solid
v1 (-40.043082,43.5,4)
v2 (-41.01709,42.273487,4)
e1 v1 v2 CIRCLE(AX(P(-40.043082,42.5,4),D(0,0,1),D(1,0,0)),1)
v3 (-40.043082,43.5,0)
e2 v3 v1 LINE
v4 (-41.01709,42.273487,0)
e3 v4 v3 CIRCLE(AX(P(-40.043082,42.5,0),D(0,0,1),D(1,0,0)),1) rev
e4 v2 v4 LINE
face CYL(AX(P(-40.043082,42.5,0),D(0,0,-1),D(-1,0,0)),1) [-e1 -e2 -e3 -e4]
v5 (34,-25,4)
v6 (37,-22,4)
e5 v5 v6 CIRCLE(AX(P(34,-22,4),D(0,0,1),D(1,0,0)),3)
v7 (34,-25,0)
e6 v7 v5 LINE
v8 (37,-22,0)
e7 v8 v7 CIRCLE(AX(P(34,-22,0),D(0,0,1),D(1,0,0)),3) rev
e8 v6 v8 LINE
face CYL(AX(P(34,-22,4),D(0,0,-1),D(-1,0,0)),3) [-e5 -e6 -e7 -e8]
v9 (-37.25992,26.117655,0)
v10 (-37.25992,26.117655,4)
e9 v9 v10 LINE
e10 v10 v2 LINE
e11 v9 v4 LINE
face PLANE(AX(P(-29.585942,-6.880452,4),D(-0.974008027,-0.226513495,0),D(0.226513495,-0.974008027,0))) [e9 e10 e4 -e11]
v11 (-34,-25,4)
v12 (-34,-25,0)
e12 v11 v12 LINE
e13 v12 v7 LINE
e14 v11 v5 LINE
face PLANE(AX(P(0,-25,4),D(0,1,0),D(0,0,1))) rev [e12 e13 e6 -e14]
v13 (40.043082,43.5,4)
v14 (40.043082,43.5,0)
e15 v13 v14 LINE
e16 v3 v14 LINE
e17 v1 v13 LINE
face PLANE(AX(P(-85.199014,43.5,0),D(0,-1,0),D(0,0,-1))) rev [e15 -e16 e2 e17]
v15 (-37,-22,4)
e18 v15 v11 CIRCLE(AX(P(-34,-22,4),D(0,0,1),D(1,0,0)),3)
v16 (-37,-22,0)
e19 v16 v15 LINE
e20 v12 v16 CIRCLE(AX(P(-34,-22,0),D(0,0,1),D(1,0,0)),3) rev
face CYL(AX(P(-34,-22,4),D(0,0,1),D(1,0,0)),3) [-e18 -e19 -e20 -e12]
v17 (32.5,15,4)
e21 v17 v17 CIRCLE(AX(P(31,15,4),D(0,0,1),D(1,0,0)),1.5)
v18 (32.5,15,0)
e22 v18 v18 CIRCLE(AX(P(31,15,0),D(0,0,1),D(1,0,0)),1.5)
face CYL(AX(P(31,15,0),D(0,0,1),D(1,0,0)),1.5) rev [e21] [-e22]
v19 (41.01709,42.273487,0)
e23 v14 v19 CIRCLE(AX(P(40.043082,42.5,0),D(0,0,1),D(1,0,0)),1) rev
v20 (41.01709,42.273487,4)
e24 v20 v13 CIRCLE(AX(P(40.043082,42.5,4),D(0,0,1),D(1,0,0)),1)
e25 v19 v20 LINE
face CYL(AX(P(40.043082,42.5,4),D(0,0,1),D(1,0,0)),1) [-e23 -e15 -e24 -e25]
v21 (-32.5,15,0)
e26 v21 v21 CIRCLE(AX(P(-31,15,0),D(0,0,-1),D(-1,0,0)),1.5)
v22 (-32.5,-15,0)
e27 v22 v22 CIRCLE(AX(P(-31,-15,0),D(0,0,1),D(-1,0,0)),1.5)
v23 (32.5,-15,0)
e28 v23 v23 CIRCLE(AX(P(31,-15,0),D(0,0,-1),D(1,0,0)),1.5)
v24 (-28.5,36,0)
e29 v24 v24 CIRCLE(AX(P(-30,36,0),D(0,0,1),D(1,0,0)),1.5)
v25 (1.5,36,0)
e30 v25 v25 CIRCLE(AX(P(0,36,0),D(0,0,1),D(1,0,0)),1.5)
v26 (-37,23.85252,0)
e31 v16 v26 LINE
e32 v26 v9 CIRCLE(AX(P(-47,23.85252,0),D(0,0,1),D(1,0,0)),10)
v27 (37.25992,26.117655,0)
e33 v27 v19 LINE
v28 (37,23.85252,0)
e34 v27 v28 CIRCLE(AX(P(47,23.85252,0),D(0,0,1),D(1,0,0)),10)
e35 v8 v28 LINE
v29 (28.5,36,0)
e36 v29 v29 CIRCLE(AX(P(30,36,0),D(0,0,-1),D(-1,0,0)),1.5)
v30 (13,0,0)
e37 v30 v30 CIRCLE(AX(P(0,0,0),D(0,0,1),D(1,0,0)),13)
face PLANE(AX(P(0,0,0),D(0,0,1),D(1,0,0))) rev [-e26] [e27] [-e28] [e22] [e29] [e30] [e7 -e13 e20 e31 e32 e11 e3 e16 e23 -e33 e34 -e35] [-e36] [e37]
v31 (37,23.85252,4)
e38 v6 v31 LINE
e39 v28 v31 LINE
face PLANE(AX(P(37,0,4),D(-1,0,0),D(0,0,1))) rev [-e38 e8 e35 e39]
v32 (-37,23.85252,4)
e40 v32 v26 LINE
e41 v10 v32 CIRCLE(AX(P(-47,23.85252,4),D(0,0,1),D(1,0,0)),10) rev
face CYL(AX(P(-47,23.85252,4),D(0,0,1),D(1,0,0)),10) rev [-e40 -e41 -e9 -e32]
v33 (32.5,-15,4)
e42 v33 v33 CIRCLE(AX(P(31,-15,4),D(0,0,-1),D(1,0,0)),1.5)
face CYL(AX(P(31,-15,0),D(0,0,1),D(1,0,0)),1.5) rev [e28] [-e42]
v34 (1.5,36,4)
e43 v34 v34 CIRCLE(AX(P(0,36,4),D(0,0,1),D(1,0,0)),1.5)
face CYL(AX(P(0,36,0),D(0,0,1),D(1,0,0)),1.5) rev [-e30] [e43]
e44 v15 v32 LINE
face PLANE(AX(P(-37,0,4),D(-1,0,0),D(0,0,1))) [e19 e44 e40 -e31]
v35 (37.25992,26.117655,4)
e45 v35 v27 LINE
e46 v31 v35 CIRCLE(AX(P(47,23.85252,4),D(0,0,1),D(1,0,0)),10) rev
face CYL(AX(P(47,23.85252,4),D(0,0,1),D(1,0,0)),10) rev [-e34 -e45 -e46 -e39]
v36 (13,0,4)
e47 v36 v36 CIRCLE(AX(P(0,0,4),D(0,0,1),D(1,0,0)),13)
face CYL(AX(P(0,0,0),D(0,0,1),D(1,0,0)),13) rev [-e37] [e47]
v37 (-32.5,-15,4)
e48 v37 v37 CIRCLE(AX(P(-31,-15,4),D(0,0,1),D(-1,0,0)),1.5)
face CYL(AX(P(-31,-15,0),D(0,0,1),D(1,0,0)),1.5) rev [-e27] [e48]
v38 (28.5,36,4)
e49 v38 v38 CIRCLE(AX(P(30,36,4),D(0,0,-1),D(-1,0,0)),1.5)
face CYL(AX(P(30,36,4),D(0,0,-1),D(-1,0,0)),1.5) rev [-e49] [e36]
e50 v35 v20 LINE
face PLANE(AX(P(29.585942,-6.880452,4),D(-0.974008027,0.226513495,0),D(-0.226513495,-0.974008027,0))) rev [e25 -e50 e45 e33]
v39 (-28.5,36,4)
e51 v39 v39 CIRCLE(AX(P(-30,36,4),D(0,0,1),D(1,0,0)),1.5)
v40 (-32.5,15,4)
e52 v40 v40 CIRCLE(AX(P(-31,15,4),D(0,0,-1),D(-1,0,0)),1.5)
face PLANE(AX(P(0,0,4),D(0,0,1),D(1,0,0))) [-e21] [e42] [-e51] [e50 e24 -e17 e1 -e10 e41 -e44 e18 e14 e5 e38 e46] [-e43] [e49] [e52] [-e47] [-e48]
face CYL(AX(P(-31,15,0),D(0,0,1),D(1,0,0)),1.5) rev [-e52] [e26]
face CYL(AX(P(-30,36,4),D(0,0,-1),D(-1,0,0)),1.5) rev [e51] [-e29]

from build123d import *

# Parameters (mm, degrees)
SKETCH_1_W            = 74
SKETCH_1_H            = 50
EXTRUDE_1_DEPTH       = 4
CUT_EXTRUDE_1_DEPTH   = 63.787339488
MIRROR_2_COPY_1_DEPTH = 63.787339488
SKETCH_3_R            = 13
CUT_EXTRUDE_2_DEPTH   = 63.787339488
FILLET_1_R            = 10
SKETCH_4_W            = 84
SKETCH_4_H            = 62
EXTRUDE_2_DEPTH       = 4
SKETCH_6_W            = 18
SKETCH_6_H            = 44
EXTRUDE_3_DEPTH       = 4
SKETCH_7_W            = 64
SKETCH_7_H            = 22
CUT_EXTRUDE_4_DEPTH   = 125.049385327
SKETCH_8_R            = 1.5
CUT_EXTRUDE_5_DEPTH   = 125.049385327
SKETCH_9_R            = 1.5
CUT_EXTRUDE_6_DEPTH   = 125.049385327
SKETCH_10_R           = 1.5
CUT_EXTRUDE_7_DEPTH   = 125.049385327
FILLET_2_R            = 3
SKETCH_11_W           = 20
SKETCH_11_H           = 18
CUT_EXTRUDE_8_DEPTH   = 125.049385327
FILLET_3_R            = 3
SKETCH_12_W           = 122.856865441
SKETCH_12_H           = 61.545901124
CUT_EXTRUDE_9_DEPTH   = 125.049385327
FILLET_4_R            = 3
FILLET_5_R            = 3
SKETCH_13_R           = 1.5
CUT_EXTRUDE_10_DEPTH  = 92.149602303
SKETCH_14_W           = 150.805924756
SKETCH_14_H           = 61.126695491
CUT_EXTRUDE_11_DEPTH  = 92.149602303
FILLET_6_R            = 1


with BuildPart() as part:
    # 草图1 → 凸台-拉伸1 (new body)
    with BuildSketch(Plane.XY):
        Polygon((37, 25), (42, 46.5), (-42, 46.5), (-37, 25), align=None)
        Rectangle(SKETCH_1_W, SKETCH_1_H)
    extrude(amount=EXTRUDE_1_DEPTH)

    # 草图2 → 切除-拉伸1 (cut, through all)
    with BuildSketch(Plane.XY.offset(4)):
        with BuildLine():
            ThreePointArc((29.5, 15), (29.939339828, 13.939339828), (31, 13.5))
            Line((31, 13.5), (31, 15))
            Line((31, 15), (29.5, 15))
        make_face()
        with BuildLine():
            Line((31, 15), (31, 13.5))
            ThreePointArc((31, 13.5), (32.060660172, 13.939339828), (32.5, 15))
            ThreePointArc((32.5, 15), (31, 16.5), (29.5, 15))
            Line((29.5, 15), (31, 15))
        make_face()
    cut_extrude_1 = extrude(amount=-CUT_EXTRUDE_1_DEPTH, mode=Mode.SUBTRACT)

    # 镜向1: 切除-拉伸1 across plane
    add(cut_extrude_1.mirror(Plane.ZX), mode=Mode.SUBTRACT)

    # 镜向2: 切除-拉伸1 across plane
    add(cut_extrude_1.mirror(Plane(origin=(0, 0, 0), x_dir=(0, 0, 1), z_dir=(1, 0, 0))), mode=Mode.SUBTRACT)

    # 镜向2 copy 1 sketch → 镜向2 copy 1 (cut, through all)
    with BuildSketch(Plane(origin=(0, 0, 4), x_dir=(-1, 0, 0), z_dir=(0, 0, 1))):
        with BuildLine():
            ThreePointArc((29.5, 15), (29.939339828, 13.939339828), (31, 13.5))
            Line((31, 13.5), (31, 15))
            Line((31, 15), (29.5, 15))
        make_face()
        with BuildLine():
            Line((31, 15), (31, 13.5))
            ThreePointArc((31, 13.5), (32.060660172, 13.939339828), (32.5, 15))
            ThreePointArc((32.5, 15), (31, 16.5), (29.5, 15))
            Line((29.5, 15), (31, 15))
        make_face()
    extrude(amount=-MIRROR_2_COPY_1_DEPTH, mode=Mode.SUBTRACT)

    # 草图3 → 切除-拉伸2 (cut, through all)
    with BuildSketch(Plane.XY.offset(4)):
        Circle(SKETCH_3_R)
    extrude(amount=-CUT_EXTRUDE_2_DEPTH, mode=Mode.SUBTRACT)

    # 圆角1
    fillet_1_edges = [part.edges().sort_by_distance(p)[0] for p in [
        (37, 25, 2),
        (-37, 25, 2),
    ]]
    fillet(fillet_1_edges, radius=FILLET_1_R)

    # 草图4 → 凸台-拉伸2 (add)
    with BuildSketch(Plane.XY.offset(4)):
        with Locations((0, 77.5)):
            Rectangle(SKETCH_4_W, SKETCH_4_H)
    extrude(amount=-EXTRUDE_2_DEPTH)

    # 草图6 → 凸台-拉伸3 (add)
    with BuildSketch(Plane.XY.offset(4)):
        with Locations((-51, 68.5)):
            Rectangle(SKETCH_6_W, SKETCH_6_H)
    extrude_3 = extrude(amount=-EXTRUDE_3_DEPTH)

    # 镜向4: 凸台-拉伸3 across plane
    add(extrude_3.mirror(Plane(origin=(0, 0, 0), x_dir=(0, 0, 1), z_dir=(1, 0, 0))))

    # 草图7 → 切除-拉伸4 (cut, through all)
    with BuildSketch(Plane.XY.offset(4)):
        with Locations((0, 69.5)):
            Rectangle(SKETCH_7_W, SKETCH_7_H)
    extrude(amount=-CUT_EXTRUDE_4_DEPTH, mode=Mode.SUBTRACT)

    # 草图8 → 切除-拉伸5 (cut, through all)
    with BuildSketch(Plane.XY.offset(4)):
        with Locations((0, 101)):
            Circle(SKETCH_8_R)
        with Locations((-24, 101)):
            Circle(SKETCH_8_R)
    cut_extrude_5 = extrude(amount=-CUT_EXTRUDE_5_DEPTH, mode=Mode.SUBTRACT)

    # 镜向5: 切除-拉伸5 across plane
    add(cut_extrude_5.mirror(Plane(origin=(0, 0, 0), x_dir=(0, 0, 1), z_dir=(1, 0, 0))), mode=Mode.SUBTRACT)

    # 草图9 → 切除-拉伸6 (cut, through all)
    with BuildSketch(Plane(origin=(0, 0, 0), x_dir=(-1, 0, 0), z_dir=(0, 0, -1))):
        with Locations((-52.5, 83.5)):
            Circle(SKETCH_9_R)
        with Locations((-52.5, 61)):
            Circle(SKETCH_9_R)
    cut_extrude_6 = extrude(amount=-CUT_EXTRUDE_6_DEPTH, mode=Mode.SUBTRACT)

    # 镜向6: 切除-拉伸6 across plane
    add(cut_extrude_6.mirror(Plane(origin=(0, 0, 0), x_dir=(0, 0, 1), z_dir=(1, 0, 0))), mode=Mode.SUBTRACT)

    # 草图10 → 切除-拉伸7 (cut, through all)
    with BuildSketch(Plane(origin=(0, 0, 0), x_dir=(-1, 0, 0), z_dir=(0, 0, -1))):
        with Locations((-30, 36)):
            Circle(SKETCH_10_R)
    cut_extrude_7 = extrude(amount=-CUT_EXTRUDE_7_DEPTH, mode=Mode.SUBTRACT)

    # 镜向7: 切除-拉伸7 across plane
    add(cut_extrude_7.mirror(Plane(origin=(0, 0, 0), x_dir=(0, 0, 1), z_dir=(1, 0, 0))), mode=Mode.SUBTRACT)

    # 圆角2
    fillet_2_edges = [part.edges().sort_by_distance(p)[0] for p in [
        (32, 80.5, 2),
        (32, 58.5, 2),
        (-32, 58.5, 2),
        (-32, 80.5, 2),
        (-42, 46.5, 2),
        (42, 46.5, 2),
        (-42, 90.5, 2),
        (42, 90.5, 2),
    ]]
    fillet(fillet_2_edges, radius=FILLET_2_R)

    # 草图11 → 切除-拉伸8 (cut, through all)
    with BuildSketch(Plane(origin=(0, 0, 0), x_dir=(-1, 0, 0), z_dir=(0, 0, -1))):
        with Locations((-50, 99.5)):
            Rectangle(SKETCH_11_W, SKETCH_11_H)
    cut_extrude_8 = extrude(amount=-CUT_EXTRUDE_8_DEPTH, mode=Mode.SUBTRACT)

    # 镜向8: 切除-拉伸8 across plane
    add(cut_extrude_8.mirror(Plane(origin=(0, 0, 0), x_dir=(0, 0, 1), z_dir=(1, 0, 0))), mode=Mode.SUBTRACT)

    # 圆角3
    fillet_3_edges = [part.edges().sort_by_distance(p)[0] for p in [
        (40, 90.5, 2),
        (-40, 90.5, 2),
    ]]
    fillet(fillet_3_edges, radius=FILLET_3_R)

    # 草图12 → 切除-拉伸9 (cut, through all)
    with BuildSketch(Plane(origin=(0, 0, 0), x_dir=(-1, 0, 0), z_dir=(0, 0, -1))):
        with Locations((1.42843272, 99.272950562)):
            Rectangle(SKETCH_12_W, SKETCH_12_H)
    extrude(amount=-CUT_EXTRUDE_9_DEPTH, mode=Mode.SUBTRACT)

    # 圆角4
    fillet_4_edges = [part.edges().sort_by_distance(p)[0] for p in [
        (-32, 68.5, 2),
        (32, 68.5, 2),
    ]]
    fillet(fillet_4_edges, radius=FILLET_4_R)

    # 圆角5
    fillet_5_edges = [part.edges().sort_by_distance(p)[0] for p in [
        (37, -25, 2),
        (-37, -25, 2),
    ]]
    fillet(fillet_5_edges, radius=FILLET_5_R)

    # 草图13 → 切除-拉伸10 (cut, through all)
    with BuildSketch(Plane.XY.offset(4)):
        with Locations((0, 36)):
            Circle(SKETCH_13_R)
    extrude(amount=-CUT_EXTRUDE_10_DEPTH, mode=Mode.SUBTRACT)

    # 草图14 → 切除-拉伸11 (cut, through all)
    with BuildSketch(Plane.XY.offset(4)):
        with Locations((-9.796052063, 74.063347746)):
            Rectangle(SKETCH_14_W, SKETCH_14_H)
    extrude(amount=-CUT_EXTRUDE_11_DEPTH, mode=Mode.SUBTRACT)

    # 圆角6
    fillet_6_edges = [part.edges().sort_by_distance(p)[0] for p in [
        (-41.302325581, 43.5, 2),
        (41.302325581, 43.5, 2),
    ]]
    fillet(fillet_6_edges, radius=FILLET_6_R)


solid = part.part
